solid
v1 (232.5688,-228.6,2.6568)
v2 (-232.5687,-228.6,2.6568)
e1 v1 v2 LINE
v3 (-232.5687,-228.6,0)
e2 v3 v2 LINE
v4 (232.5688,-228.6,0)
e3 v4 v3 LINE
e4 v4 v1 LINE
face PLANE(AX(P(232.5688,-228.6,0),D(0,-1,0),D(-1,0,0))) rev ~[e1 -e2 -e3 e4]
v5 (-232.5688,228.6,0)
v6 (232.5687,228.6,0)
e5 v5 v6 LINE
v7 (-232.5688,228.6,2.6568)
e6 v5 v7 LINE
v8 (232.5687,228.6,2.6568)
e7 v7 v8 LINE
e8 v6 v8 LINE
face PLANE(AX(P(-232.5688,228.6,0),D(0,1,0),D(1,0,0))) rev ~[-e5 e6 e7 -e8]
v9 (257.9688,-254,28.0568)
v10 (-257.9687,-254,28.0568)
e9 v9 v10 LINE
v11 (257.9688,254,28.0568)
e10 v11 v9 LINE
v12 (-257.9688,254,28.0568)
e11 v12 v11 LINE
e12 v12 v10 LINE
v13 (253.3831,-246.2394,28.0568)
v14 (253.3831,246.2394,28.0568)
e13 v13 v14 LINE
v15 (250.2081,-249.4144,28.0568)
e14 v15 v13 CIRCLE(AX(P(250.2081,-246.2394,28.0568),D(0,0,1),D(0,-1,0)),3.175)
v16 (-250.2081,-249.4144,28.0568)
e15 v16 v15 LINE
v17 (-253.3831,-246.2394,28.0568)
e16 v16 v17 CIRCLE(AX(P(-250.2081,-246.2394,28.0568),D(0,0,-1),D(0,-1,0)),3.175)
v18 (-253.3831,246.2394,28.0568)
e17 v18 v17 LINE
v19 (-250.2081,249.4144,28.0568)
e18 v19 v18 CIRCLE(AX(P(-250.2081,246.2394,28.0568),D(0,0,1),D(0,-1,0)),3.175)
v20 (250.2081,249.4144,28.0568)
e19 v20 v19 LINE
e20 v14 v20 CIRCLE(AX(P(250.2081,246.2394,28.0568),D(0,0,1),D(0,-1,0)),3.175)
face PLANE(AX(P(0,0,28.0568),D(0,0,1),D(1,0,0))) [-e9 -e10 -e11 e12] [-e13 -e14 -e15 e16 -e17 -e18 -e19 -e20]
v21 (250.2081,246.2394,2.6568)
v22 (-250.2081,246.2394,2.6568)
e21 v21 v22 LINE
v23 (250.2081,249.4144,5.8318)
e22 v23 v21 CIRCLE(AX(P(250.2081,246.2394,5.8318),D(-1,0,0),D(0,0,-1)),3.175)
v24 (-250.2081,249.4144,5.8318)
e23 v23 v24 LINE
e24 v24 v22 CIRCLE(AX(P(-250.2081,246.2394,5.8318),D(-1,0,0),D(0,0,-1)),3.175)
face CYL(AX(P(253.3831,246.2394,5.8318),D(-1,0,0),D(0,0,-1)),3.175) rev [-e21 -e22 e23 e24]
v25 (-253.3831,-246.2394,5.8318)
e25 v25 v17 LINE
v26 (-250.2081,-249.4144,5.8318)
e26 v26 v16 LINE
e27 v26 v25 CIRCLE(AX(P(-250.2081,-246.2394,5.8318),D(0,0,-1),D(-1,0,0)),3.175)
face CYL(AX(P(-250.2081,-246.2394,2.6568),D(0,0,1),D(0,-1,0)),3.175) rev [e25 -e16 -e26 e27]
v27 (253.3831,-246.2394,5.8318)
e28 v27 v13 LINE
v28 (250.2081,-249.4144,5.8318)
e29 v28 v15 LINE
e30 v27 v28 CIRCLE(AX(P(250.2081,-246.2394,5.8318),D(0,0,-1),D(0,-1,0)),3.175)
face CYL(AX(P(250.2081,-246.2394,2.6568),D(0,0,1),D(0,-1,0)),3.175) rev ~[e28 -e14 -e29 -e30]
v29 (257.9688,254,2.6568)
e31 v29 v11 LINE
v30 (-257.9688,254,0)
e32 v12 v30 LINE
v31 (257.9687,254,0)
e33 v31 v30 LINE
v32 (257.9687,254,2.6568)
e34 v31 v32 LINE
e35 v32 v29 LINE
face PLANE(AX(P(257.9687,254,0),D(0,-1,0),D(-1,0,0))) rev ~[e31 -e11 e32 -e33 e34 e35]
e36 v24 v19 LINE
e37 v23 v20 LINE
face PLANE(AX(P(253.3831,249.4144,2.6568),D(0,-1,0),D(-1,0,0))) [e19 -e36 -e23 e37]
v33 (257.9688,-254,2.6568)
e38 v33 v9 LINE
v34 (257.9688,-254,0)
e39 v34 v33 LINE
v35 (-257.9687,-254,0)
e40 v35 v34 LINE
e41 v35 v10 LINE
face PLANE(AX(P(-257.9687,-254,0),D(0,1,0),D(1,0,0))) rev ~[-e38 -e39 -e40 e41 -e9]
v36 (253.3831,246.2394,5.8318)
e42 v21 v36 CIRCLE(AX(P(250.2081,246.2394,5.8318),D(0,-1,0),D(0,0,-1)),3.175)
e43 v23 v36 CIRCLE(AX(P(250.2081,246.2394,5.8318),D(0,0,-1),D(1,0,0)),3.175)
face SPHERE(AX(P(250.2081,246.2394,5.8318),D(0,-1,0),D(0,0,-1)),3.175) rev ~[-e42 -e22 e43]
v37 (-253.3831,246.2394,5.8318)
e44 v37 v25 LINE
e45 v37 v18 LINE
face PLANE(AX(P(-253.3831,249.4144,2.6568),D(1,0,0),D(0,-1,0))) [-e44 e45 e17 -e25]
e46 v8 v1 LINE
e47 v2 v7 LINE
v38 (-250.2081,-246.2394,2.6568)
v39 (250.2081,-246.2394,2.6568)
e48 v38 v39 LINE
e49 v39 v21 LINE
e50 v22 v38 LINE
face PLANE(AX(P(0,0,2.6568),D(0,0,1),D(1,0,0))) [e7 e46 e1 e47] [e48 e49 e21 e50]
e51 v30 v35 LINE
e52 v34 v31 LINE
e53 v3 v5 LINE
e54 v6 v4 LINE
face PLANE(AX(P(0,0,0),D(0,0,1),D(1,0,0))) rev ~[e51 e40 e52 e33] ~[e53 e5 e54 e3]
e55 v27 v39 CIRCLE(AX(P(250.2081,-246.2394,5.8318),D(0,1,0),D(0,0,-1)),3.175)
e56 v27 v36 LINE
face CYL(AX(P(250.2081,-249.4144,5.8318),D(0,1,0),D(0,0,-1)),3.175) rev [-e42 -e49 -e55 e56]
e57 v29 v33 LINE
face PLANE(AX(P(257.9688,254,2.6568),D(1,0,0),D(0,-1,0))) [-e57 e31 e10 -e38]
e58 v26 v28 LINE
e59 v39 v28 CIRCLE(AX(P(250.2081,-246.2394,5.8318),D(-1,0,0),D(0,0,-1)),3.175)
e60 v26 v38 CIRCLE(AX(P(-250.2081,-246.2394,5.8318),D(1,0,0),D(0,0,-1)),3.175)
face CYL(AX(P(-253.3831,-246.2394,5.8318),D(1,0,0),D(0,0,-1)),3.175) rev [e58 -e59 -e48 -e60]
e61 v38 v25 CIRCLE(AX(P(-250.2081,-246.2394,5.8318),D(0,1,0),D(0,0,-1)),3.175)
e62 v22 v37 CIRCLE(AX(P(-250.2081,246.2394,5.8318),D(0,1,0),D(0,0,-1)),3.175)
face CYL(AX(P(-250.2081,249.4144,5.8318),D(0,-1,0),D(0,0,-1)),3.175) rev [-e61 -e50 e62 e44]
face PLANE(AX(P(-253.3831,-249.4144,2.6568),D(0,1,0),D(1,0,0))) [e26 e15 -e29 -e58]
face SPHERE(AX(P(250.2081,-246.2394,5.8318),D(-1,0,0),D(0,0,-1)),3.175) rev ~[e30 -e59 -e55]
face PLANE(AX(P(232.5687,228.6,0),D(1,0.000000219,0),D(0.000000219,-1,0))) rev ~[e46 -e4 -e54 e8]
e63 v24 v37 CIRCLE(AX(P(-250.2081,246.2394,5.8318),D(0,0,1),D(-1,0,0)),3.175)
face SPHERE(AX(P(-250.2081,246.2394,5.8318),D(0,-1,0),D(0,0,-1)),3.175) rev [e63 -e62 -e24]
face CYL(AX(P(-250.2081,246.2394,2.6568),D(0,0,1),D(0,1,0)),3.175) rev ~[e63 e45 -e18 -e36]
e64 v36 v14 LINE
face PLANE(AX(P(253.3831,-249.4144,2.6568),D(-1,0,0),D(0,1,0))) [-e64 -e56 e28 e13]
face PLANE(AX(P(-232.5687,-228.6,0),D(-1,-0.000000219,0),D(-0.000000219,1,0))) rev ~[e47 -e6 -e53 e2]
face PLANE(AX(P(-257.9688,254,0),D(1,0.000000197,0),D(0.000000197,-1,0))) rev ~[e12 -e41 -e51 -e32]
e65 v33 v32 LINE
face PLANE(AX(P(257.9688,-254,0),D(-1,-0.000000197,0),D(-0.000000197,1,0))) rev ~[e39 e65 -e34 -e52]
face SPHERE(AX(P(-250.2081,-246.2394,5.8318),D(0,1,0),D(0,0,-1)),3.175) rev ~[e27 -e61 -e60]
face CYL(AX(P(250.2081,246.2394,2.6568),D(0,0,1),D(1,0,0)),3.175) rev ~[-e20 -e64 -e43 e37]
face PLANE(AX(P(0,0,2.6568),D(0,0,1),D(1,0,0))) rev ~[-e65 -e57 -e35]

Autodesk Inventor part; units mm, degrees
ref_plane "YZ Plane" through (0, 0, 0) normal (1, 0, 0) x (0, 1, 0)
ref_plane "XZ Plane" through (0, 0, 0) normal (0, 1, 0) x (-1, 0, 0)
ref_plane "XY Plane" through (0, 0, 0) normal (0, 0, 1) x (1, 0, 0)
sketch "Sketch1" plane through (0, 0, 0) normal (0, 0, 1) x (1, 0, 0)
  line L0 (-257.9687, -254) -> (257.9688, -254)
  line L1 (257.9688, -254) -> (257.9687, 254)
  line L2 (257.9687, 254) -> (-257.9688, 254)
  line L3 (-257.9688, 254) -> (-257.9687, -254)
  line L4 (-257.9687, -254) -> (257.9687, 254) construction
  line L5 (257.9688, -254) -> (-257.9688, 254) construction
  line L6 (232.5688, -228.6) -> (-232.5687, -228.6)
  line L7 (-232.5687, -228.6) -> (-232.5688, 228.6)
  line L8 (-232.5688, 228.6) -> (232.5687, 228.6)
  line L9 (232.5687, 228.6) -> (232.5688, -228.6)
  point P0 (0, 0)
  dimension "d0" = 515.9375
  dimension "d1" = 508
  dimension "d2" = 25.4
extrude "Extrusion1" add sketch "Sketch1" along normal blind 2.6568
sketch "Sketch2" plane through (0, 0, 2.6568) normal (0, 0, 1) x (1, 0, 0)
  line L0 (-257.9688, 254) -> (-257.9687, -254) projected
  line L1 (-257.9688, 254) -> (257.9688, 254)
  line L2 (257.9688, 254) -> (257.9688, -254)
  line L3 (257.9688, -254) -> (-257.9688, -254)
  line L4 (-257.9688, -254) -> (-257.9688, 254)
  line L5 (-253.3831, -249.4144) -> (253.3831, -249.4144)
  line L6 (253.3831, -249.4144) -> (253.3831, 249.4144)
  line L7 (253.3831, 249.4144) -> (-253.3831, 249.4144)
  line L8 (-253.3831, 249.4144) -> (-253.3831, -249.4144)
  point P0 (0, 0)
extrude "Extrusion2" add sketch "Sketch2" along normal blind 25.4
fillet "Fillet1" radius 3.175 8 edges at (-253.3831, 0, 2.6568) (0, -249.4144, 2.6568) (-253.3831, -249.4144, 15.3568) (253.3831, 0, 2.6568) (253.3831, -249.4144, 15.3568) (0, 249.4144, 2.6568) (253.3831, 249.4144, 15.3568) (-253.3831, 249.4144, 15.3568)
properties part number "rackBase"
